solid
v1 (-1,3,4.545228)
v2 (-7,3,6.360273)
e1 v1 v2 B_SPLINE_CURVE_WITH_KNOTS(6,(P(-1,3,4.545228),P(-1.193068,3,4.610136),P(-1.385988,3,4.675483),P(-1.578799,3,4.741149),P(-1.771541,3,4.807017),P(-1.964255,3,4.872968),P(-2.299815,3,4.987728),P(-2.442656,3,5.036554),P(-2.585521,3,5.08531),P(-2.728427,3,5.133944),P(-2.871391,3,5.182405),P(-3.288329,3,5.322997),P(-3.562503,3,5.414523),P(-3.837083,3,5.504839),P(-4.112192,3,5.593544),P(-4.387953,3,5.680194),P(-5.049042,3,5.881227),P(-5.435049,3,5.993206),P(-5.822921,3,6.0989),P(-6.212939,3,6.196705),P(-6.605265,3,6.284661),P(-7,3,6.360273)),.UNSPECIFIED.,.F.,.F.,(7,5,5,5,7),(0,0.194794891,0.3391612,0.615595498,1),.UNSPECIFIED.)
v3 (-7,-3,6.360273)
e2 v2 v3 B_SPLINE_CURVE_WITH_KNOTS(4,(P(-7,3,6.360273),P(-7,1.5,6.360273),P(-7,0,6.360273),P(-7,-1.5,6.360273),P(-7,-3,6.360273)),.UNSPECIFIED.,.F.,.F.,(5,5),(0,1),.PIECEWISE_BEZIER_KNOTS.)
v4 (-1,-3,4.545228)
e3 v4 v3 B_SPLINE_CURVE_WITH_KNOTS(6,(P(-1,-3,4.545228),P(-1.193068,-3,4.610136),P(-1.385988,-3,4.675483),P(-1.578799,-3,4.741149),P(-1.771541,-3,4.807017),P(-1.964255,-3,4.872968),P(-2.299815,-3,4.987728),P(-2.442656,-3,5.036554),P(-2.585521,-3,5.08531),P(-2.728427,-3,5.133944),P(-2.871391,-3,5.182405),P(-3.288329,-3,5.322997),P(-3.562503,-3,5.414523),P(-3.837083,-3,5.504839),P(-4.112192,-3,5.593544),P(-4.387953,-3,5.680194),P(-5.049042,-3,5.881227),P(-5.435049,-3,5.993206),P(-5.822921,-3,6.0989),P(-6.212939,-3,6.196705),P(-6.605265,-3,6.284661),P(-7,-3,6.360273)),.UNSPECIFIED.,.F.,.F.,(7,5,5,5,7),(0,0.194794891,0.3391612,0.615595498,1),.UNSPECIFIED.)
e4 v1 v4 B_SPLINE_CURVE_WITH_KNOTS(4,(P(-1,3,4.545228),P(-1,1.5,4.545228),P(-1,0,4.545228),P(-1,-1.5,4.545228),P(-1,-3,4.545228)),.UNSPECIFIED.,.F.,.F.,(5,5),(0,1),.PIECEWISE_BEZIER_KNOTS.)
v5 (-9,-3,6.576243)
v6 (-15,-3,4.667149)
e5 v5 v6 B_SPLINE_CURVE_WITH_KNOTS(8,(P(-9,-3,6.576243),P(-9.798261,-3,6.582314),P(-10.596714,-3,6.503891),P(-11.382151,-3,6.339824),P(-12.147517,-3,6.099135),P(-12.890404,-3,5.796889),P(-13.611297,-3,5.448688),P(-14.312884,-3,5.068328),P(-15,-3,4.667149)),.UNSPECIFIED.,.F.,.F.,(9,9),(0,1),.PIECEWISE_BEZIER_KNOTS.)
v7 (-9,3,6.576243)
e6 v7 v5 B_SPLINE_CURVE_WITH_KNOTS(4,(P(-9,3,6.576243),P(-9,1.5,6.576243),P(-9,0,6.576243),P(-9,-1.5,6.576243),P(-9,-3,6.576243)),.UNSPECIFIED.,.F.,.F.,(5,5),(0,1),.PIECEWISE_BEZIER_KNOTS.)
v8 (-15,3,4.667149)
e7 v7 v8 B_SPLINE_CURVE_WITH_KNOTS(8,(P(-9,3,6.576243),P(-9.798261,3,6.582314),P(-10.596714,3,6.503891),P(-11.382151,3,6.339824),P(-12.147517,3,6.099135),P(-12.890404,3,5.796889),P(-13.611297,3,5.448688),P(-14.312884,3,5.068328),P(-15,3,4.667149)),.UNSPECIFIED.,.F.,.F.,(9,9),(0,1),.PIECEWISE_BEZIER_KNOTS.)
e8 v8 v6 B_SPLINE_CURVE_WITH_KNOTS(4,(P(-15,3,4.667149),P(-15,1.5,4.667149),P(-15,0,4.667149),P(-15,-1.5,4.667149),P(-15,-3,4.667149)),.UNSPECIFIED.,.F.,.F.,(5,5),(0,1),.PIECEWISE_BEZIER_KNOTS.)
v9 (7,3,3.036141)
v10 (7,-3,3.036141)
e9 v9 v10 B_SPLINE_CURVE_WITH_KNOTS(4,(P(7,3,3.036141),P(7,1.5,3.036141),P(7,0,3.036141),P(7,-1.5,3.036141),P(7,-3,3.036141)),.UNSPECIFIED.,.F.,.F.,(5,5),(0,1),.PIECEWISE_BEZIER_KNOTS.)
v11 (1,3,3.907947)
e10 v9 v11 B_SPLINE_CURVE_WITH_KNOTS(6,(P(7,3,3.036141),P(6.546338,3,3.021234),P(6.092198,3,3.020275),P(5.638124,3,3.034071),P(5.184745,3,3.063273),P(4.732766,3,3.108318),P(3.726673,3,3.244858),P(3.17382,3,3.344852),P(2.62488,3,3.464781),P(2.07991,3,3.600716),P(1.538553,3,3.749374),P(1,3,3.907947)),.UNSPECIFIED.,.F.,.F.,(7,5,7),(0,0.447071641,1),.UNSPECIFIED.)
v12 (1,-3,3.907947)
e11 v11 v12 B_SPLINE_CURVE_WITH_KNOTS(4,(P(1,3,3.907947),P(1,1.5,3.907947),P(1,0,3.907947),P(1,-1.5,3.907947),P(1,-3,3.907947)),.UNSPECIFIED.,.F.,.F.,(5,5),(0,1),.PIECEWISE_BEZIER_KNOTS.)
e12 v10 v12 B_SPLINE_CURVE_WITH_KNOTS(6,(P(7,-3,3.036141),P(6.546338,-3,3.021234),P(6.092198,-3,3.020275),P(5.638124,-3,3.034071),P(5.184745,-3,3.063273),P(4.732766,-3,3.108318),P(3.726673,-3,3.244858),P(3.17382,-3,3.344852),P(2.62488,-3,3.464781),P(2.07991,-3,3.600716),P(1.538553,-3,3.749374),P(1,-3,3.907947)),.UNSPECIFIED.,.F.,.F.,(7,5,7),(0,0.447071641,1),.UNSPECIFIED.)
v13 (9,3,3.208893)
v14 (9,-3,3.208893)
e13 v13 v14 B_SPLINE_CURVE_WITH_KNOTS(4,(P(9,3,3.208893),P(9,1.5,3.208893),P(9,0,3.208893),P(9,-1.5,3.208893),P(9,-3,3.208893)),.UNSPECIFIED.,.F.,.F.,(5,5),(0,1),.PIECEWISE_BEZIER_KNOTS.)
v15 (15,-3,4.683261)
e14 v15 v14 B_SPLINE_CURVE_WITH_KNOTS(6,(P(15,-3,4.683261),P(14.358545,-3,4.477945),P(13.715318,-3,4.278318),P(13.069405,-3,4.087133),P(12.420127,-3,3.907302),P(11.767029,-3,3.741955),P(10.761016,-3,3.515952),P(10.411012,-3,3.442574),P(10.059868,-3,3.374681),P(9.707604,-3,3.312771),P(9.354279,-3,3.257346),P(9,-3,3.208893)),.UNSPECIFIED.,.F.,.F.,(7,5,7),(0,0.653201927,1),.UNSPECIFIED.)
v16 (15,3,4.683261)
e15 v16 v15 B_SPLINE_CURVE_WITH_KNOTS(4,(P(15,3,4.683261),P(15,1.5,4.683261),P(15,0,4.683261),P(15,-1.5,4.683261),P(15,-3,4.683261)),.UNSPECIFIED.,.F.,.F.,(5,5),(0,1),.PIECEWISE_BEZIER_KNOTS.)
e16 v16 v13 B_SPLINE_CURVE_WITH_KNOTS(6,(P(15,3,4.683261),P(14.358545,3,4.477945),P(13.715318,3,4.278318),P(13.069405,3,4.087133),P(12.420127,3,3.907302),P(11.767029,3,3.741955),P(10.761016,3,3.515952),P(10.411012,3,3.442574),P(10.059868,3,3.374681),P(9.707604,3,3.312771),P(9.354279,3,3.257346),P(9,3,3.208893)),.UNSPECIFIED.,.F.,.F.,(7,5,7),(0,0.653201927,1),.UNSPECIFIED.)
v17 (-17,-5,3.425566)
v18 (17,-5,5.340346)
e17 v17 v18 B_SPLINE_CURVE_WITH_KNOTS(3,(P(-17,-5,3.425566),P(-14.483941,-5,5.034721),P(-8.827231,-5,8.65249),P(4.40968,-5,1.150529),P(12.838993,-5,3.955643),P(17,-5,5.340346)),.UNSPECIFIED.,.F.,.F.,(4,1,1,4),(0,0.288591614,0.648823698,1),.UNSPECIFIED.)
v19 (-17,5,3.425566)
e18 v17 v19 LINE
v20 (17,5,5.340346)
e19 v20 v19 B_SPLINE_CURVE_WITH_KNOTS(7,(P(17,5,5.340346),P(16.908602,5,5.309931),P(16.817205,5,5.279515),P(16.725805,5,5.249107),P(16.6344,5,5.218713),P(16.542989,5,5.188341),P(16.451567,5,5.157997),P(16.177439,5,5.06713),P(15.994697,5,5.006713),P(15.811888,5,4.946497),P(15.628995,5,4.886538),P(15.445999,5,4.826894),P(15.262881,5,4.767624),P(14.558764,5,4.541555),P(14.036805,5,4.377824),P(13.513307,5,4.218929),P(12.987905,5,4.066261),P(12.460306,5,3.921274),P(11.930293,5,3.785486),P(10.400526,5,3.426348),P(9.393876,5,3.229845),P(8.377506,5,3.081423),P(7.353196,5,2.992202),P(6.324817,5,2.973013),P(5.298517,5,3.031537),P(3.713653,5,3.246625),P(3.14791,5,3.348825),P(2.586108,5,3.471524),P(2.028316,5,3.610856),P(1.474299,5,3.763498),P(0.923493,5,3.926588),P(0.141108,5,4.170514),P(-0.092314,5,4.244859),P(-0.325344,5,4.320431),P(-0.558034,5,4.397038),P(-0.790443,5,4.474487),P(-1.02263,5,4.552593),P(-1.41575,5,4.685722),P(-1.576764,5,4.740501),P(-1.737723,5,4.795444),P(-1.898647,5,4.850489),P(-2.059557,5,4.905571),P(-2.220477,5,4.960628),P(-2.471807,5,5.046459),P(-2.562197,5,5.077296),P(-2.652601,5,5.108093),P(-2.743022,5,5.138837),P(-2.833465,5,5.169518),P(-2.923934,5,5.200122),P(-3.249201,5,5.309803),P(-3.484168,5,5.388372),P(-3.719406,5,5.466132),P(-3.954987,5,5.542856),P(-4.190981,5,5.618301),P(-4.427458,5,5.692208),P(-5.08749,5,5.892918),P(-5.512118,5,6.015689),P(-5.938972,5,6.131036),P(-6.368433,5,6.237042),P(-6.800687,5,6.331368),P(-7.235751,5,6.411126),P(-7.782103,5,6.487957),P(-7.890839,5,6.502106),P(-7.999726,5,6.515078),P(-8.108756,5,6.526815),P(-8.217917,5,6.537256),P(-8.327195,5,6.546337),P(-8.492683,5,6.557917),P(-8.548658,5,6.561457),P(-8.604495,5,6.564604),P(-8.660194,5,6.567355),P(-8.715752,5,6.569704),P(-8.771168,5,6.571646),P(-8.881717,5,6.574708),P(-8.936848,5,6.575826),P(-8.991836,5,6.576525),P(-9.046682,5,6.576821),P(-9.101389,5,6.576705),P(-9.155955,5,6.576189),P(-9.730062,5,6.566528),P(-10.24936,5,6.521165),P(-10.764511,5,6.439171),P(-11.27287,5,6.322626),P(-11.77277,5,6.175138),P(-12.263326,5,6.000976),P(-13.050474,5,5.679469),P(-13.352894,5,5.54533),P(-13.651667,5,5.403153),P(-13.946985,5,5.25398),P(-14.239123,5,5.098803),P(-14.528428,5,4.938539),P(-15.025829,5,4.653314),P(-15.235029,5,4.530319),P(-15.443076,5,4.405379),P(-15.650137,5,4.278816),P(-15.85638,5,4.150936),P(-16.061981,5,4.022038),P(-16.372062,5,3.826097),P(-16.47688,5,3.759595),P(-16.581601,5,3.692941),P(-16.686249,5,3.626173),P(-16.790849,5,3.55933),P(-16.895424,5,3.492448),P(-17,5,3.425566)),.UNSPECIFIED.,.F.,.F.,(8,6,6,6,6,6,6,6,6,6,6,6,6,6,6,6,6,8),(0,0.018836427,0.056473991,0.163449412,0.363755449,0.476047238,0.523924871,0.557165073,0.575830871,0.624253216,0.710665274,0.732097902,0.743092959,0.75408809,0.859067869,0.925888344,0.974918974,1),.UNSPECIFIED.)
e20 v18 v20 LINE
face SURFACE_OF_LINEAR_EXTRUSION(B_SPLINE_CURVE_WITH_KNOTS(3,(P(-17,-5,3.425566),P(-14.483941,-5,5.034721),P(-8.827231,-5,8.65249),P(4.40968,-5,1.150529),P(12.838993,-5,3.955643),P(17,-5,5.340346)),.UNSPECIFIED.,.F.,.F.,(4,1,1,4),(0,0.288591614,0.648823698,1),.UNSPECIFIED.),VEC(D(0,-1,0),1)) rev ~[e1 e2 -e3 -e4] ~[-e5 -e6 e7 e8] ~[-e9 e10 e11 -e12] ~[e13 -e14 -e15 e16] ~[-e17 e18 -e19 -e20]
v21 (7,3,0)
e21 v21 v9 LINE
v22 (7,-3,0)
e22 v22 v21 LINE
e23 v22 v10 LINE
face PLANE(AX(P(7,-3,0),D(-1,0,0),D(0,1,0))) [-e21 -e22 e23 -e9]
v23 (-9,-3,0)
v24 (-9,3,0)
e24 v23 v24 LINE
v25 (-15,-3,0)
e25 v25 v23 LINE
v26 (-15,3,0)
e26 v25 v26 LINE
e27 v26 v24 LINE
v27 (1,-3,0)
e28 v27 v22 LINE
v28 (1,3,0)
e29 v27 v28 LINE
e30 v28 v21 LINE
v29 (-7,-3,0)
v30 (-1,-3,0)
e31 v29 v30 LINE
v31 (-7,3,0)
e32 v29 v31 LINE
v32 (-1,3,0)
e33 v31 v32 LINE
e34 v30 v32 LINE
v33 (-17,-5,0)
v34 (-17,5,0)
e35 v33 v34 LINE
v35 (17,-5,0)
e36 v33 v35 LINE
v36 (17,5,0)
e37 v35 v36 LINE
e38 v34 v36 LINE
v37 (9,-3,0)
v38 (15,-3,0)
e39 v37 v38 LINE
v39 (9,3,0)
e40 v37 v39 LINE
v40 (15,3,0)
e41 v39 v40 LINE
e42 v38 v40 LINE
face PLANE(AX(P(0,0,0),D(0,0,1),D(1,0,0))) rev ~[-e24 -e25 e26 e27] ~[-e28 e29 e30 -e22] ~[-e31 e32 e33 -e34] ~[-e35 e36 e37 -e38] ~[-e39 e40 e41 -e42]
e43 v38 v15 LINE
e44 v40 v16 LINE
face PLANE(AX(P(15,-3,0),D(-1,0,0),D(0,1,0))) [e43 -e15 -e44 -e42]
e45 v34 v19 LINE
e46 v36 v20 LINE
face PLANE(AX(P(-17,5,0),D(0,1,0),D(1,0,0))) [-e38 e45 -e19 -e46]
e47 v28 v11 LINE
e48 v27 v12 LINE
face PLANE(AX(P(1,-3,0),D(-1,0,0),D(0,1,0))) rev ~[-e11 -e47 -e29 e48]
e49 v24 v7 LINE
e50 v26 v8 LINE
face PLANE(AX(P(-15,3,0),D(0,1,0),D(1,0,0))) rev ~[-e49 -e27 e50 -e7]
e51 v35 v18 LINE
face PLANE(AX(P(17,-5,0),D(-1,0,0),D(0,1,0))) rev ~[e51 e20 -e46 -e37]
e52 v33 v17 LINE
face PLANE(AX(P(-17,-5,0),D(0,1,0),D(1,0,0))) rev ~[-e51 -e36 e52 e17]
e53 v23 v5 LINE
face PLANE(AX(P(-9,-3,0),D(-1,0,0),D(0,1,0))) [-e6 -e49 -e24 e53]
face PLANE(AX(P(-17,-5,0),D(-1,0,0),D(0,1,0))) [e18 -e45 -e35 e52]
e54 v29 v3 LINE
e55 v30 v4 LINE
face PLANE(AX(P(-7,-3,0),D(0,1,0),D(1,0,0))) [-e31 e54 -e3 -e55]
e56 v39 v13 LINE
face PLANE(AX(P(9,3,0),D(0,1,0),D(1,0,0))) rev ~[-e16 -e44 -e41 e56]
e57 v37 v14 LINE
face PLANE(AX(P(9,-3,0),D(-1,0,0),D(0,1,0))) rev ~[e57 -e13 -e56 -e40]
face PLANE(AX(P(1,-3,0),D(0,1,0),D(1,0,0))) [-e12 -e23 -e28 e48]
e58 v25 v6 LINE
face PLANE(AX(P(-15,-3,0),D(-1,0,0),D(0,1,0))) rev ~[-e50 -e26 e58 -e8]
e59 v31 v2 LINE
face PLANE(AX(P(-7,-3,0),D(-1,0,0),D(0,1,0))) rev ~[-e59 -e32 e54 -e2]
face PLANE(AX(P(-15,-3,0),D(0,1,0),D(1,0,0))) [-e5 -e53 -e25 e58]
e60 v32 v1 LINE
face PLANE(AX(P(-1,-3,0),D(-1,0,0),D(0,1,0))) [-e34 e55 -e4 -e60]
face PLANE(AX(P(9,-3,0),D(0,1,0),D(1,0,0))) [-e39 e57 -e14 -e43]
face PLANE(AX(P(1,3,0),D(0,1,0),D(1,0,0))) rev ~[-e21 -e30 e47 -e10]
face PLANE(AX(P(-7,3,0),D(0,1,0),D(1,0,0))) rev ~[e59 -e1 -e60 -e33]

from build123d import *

# Parameters (mm, degrees)
F0_W     = 34
F0_H     = 10
F0_W_2   = 6
F0_H_2   = 6
F1_DEPTH = 8
F3_DEPTH = 25


with BuildPart() as f1:
    # F0 (on Top) → F1 (new body)
    with BuildSketch(Plane.XY):
        Rectangle(F0_W, F0_H)
        with Locations((-12, 0)):
            Rectangle(F0_W_2, F0_H_2, mode=Mode.SUBTRACT)
        with Locations((-4, 0)):
            Rectangle(F0_W_2, F0_H_2, mode=Mode.SUBTRACT)
        with Locations((4, 0)):
            Rectangle(F0_W_2, F0_H_2, mode=Mode.SUBTRACT)
        with Locations((12, 0)):
            Rectangle(F0_W_2, F0_H_2, mode=Mode.SUBTRACT)
    extrude(amount=F1_DEPTH)

    # F2 (on face) → F3 (cut)
    with BuildSketch(Plane.XZ.offset(5)):
        with BuildLine():
            Line((-17, 8), (-17, 3.4255662467))
            add(Edge.make_bspline(
                [(-17, 3.4255662467), (-14.4839407278, 5.034720914), (-8.8272313849, 8.6524895177), (4.409679576, 1.15052902), (12.8389931488, 3.9556428763), (17, 5.3403461352)],
                knots=[0, 0, 0, 0, 0.2885916145, 0.6488236984, 1, 1, 1, 1], degree=3))
            Line((17, 5.3403461352), (17, 8))
            Line((17, 8), (-17, 8))
        make_face()
    extrude(amount=-F3_DEPTH, mode=Mode.SUBTRACT)


solid = f1.part
